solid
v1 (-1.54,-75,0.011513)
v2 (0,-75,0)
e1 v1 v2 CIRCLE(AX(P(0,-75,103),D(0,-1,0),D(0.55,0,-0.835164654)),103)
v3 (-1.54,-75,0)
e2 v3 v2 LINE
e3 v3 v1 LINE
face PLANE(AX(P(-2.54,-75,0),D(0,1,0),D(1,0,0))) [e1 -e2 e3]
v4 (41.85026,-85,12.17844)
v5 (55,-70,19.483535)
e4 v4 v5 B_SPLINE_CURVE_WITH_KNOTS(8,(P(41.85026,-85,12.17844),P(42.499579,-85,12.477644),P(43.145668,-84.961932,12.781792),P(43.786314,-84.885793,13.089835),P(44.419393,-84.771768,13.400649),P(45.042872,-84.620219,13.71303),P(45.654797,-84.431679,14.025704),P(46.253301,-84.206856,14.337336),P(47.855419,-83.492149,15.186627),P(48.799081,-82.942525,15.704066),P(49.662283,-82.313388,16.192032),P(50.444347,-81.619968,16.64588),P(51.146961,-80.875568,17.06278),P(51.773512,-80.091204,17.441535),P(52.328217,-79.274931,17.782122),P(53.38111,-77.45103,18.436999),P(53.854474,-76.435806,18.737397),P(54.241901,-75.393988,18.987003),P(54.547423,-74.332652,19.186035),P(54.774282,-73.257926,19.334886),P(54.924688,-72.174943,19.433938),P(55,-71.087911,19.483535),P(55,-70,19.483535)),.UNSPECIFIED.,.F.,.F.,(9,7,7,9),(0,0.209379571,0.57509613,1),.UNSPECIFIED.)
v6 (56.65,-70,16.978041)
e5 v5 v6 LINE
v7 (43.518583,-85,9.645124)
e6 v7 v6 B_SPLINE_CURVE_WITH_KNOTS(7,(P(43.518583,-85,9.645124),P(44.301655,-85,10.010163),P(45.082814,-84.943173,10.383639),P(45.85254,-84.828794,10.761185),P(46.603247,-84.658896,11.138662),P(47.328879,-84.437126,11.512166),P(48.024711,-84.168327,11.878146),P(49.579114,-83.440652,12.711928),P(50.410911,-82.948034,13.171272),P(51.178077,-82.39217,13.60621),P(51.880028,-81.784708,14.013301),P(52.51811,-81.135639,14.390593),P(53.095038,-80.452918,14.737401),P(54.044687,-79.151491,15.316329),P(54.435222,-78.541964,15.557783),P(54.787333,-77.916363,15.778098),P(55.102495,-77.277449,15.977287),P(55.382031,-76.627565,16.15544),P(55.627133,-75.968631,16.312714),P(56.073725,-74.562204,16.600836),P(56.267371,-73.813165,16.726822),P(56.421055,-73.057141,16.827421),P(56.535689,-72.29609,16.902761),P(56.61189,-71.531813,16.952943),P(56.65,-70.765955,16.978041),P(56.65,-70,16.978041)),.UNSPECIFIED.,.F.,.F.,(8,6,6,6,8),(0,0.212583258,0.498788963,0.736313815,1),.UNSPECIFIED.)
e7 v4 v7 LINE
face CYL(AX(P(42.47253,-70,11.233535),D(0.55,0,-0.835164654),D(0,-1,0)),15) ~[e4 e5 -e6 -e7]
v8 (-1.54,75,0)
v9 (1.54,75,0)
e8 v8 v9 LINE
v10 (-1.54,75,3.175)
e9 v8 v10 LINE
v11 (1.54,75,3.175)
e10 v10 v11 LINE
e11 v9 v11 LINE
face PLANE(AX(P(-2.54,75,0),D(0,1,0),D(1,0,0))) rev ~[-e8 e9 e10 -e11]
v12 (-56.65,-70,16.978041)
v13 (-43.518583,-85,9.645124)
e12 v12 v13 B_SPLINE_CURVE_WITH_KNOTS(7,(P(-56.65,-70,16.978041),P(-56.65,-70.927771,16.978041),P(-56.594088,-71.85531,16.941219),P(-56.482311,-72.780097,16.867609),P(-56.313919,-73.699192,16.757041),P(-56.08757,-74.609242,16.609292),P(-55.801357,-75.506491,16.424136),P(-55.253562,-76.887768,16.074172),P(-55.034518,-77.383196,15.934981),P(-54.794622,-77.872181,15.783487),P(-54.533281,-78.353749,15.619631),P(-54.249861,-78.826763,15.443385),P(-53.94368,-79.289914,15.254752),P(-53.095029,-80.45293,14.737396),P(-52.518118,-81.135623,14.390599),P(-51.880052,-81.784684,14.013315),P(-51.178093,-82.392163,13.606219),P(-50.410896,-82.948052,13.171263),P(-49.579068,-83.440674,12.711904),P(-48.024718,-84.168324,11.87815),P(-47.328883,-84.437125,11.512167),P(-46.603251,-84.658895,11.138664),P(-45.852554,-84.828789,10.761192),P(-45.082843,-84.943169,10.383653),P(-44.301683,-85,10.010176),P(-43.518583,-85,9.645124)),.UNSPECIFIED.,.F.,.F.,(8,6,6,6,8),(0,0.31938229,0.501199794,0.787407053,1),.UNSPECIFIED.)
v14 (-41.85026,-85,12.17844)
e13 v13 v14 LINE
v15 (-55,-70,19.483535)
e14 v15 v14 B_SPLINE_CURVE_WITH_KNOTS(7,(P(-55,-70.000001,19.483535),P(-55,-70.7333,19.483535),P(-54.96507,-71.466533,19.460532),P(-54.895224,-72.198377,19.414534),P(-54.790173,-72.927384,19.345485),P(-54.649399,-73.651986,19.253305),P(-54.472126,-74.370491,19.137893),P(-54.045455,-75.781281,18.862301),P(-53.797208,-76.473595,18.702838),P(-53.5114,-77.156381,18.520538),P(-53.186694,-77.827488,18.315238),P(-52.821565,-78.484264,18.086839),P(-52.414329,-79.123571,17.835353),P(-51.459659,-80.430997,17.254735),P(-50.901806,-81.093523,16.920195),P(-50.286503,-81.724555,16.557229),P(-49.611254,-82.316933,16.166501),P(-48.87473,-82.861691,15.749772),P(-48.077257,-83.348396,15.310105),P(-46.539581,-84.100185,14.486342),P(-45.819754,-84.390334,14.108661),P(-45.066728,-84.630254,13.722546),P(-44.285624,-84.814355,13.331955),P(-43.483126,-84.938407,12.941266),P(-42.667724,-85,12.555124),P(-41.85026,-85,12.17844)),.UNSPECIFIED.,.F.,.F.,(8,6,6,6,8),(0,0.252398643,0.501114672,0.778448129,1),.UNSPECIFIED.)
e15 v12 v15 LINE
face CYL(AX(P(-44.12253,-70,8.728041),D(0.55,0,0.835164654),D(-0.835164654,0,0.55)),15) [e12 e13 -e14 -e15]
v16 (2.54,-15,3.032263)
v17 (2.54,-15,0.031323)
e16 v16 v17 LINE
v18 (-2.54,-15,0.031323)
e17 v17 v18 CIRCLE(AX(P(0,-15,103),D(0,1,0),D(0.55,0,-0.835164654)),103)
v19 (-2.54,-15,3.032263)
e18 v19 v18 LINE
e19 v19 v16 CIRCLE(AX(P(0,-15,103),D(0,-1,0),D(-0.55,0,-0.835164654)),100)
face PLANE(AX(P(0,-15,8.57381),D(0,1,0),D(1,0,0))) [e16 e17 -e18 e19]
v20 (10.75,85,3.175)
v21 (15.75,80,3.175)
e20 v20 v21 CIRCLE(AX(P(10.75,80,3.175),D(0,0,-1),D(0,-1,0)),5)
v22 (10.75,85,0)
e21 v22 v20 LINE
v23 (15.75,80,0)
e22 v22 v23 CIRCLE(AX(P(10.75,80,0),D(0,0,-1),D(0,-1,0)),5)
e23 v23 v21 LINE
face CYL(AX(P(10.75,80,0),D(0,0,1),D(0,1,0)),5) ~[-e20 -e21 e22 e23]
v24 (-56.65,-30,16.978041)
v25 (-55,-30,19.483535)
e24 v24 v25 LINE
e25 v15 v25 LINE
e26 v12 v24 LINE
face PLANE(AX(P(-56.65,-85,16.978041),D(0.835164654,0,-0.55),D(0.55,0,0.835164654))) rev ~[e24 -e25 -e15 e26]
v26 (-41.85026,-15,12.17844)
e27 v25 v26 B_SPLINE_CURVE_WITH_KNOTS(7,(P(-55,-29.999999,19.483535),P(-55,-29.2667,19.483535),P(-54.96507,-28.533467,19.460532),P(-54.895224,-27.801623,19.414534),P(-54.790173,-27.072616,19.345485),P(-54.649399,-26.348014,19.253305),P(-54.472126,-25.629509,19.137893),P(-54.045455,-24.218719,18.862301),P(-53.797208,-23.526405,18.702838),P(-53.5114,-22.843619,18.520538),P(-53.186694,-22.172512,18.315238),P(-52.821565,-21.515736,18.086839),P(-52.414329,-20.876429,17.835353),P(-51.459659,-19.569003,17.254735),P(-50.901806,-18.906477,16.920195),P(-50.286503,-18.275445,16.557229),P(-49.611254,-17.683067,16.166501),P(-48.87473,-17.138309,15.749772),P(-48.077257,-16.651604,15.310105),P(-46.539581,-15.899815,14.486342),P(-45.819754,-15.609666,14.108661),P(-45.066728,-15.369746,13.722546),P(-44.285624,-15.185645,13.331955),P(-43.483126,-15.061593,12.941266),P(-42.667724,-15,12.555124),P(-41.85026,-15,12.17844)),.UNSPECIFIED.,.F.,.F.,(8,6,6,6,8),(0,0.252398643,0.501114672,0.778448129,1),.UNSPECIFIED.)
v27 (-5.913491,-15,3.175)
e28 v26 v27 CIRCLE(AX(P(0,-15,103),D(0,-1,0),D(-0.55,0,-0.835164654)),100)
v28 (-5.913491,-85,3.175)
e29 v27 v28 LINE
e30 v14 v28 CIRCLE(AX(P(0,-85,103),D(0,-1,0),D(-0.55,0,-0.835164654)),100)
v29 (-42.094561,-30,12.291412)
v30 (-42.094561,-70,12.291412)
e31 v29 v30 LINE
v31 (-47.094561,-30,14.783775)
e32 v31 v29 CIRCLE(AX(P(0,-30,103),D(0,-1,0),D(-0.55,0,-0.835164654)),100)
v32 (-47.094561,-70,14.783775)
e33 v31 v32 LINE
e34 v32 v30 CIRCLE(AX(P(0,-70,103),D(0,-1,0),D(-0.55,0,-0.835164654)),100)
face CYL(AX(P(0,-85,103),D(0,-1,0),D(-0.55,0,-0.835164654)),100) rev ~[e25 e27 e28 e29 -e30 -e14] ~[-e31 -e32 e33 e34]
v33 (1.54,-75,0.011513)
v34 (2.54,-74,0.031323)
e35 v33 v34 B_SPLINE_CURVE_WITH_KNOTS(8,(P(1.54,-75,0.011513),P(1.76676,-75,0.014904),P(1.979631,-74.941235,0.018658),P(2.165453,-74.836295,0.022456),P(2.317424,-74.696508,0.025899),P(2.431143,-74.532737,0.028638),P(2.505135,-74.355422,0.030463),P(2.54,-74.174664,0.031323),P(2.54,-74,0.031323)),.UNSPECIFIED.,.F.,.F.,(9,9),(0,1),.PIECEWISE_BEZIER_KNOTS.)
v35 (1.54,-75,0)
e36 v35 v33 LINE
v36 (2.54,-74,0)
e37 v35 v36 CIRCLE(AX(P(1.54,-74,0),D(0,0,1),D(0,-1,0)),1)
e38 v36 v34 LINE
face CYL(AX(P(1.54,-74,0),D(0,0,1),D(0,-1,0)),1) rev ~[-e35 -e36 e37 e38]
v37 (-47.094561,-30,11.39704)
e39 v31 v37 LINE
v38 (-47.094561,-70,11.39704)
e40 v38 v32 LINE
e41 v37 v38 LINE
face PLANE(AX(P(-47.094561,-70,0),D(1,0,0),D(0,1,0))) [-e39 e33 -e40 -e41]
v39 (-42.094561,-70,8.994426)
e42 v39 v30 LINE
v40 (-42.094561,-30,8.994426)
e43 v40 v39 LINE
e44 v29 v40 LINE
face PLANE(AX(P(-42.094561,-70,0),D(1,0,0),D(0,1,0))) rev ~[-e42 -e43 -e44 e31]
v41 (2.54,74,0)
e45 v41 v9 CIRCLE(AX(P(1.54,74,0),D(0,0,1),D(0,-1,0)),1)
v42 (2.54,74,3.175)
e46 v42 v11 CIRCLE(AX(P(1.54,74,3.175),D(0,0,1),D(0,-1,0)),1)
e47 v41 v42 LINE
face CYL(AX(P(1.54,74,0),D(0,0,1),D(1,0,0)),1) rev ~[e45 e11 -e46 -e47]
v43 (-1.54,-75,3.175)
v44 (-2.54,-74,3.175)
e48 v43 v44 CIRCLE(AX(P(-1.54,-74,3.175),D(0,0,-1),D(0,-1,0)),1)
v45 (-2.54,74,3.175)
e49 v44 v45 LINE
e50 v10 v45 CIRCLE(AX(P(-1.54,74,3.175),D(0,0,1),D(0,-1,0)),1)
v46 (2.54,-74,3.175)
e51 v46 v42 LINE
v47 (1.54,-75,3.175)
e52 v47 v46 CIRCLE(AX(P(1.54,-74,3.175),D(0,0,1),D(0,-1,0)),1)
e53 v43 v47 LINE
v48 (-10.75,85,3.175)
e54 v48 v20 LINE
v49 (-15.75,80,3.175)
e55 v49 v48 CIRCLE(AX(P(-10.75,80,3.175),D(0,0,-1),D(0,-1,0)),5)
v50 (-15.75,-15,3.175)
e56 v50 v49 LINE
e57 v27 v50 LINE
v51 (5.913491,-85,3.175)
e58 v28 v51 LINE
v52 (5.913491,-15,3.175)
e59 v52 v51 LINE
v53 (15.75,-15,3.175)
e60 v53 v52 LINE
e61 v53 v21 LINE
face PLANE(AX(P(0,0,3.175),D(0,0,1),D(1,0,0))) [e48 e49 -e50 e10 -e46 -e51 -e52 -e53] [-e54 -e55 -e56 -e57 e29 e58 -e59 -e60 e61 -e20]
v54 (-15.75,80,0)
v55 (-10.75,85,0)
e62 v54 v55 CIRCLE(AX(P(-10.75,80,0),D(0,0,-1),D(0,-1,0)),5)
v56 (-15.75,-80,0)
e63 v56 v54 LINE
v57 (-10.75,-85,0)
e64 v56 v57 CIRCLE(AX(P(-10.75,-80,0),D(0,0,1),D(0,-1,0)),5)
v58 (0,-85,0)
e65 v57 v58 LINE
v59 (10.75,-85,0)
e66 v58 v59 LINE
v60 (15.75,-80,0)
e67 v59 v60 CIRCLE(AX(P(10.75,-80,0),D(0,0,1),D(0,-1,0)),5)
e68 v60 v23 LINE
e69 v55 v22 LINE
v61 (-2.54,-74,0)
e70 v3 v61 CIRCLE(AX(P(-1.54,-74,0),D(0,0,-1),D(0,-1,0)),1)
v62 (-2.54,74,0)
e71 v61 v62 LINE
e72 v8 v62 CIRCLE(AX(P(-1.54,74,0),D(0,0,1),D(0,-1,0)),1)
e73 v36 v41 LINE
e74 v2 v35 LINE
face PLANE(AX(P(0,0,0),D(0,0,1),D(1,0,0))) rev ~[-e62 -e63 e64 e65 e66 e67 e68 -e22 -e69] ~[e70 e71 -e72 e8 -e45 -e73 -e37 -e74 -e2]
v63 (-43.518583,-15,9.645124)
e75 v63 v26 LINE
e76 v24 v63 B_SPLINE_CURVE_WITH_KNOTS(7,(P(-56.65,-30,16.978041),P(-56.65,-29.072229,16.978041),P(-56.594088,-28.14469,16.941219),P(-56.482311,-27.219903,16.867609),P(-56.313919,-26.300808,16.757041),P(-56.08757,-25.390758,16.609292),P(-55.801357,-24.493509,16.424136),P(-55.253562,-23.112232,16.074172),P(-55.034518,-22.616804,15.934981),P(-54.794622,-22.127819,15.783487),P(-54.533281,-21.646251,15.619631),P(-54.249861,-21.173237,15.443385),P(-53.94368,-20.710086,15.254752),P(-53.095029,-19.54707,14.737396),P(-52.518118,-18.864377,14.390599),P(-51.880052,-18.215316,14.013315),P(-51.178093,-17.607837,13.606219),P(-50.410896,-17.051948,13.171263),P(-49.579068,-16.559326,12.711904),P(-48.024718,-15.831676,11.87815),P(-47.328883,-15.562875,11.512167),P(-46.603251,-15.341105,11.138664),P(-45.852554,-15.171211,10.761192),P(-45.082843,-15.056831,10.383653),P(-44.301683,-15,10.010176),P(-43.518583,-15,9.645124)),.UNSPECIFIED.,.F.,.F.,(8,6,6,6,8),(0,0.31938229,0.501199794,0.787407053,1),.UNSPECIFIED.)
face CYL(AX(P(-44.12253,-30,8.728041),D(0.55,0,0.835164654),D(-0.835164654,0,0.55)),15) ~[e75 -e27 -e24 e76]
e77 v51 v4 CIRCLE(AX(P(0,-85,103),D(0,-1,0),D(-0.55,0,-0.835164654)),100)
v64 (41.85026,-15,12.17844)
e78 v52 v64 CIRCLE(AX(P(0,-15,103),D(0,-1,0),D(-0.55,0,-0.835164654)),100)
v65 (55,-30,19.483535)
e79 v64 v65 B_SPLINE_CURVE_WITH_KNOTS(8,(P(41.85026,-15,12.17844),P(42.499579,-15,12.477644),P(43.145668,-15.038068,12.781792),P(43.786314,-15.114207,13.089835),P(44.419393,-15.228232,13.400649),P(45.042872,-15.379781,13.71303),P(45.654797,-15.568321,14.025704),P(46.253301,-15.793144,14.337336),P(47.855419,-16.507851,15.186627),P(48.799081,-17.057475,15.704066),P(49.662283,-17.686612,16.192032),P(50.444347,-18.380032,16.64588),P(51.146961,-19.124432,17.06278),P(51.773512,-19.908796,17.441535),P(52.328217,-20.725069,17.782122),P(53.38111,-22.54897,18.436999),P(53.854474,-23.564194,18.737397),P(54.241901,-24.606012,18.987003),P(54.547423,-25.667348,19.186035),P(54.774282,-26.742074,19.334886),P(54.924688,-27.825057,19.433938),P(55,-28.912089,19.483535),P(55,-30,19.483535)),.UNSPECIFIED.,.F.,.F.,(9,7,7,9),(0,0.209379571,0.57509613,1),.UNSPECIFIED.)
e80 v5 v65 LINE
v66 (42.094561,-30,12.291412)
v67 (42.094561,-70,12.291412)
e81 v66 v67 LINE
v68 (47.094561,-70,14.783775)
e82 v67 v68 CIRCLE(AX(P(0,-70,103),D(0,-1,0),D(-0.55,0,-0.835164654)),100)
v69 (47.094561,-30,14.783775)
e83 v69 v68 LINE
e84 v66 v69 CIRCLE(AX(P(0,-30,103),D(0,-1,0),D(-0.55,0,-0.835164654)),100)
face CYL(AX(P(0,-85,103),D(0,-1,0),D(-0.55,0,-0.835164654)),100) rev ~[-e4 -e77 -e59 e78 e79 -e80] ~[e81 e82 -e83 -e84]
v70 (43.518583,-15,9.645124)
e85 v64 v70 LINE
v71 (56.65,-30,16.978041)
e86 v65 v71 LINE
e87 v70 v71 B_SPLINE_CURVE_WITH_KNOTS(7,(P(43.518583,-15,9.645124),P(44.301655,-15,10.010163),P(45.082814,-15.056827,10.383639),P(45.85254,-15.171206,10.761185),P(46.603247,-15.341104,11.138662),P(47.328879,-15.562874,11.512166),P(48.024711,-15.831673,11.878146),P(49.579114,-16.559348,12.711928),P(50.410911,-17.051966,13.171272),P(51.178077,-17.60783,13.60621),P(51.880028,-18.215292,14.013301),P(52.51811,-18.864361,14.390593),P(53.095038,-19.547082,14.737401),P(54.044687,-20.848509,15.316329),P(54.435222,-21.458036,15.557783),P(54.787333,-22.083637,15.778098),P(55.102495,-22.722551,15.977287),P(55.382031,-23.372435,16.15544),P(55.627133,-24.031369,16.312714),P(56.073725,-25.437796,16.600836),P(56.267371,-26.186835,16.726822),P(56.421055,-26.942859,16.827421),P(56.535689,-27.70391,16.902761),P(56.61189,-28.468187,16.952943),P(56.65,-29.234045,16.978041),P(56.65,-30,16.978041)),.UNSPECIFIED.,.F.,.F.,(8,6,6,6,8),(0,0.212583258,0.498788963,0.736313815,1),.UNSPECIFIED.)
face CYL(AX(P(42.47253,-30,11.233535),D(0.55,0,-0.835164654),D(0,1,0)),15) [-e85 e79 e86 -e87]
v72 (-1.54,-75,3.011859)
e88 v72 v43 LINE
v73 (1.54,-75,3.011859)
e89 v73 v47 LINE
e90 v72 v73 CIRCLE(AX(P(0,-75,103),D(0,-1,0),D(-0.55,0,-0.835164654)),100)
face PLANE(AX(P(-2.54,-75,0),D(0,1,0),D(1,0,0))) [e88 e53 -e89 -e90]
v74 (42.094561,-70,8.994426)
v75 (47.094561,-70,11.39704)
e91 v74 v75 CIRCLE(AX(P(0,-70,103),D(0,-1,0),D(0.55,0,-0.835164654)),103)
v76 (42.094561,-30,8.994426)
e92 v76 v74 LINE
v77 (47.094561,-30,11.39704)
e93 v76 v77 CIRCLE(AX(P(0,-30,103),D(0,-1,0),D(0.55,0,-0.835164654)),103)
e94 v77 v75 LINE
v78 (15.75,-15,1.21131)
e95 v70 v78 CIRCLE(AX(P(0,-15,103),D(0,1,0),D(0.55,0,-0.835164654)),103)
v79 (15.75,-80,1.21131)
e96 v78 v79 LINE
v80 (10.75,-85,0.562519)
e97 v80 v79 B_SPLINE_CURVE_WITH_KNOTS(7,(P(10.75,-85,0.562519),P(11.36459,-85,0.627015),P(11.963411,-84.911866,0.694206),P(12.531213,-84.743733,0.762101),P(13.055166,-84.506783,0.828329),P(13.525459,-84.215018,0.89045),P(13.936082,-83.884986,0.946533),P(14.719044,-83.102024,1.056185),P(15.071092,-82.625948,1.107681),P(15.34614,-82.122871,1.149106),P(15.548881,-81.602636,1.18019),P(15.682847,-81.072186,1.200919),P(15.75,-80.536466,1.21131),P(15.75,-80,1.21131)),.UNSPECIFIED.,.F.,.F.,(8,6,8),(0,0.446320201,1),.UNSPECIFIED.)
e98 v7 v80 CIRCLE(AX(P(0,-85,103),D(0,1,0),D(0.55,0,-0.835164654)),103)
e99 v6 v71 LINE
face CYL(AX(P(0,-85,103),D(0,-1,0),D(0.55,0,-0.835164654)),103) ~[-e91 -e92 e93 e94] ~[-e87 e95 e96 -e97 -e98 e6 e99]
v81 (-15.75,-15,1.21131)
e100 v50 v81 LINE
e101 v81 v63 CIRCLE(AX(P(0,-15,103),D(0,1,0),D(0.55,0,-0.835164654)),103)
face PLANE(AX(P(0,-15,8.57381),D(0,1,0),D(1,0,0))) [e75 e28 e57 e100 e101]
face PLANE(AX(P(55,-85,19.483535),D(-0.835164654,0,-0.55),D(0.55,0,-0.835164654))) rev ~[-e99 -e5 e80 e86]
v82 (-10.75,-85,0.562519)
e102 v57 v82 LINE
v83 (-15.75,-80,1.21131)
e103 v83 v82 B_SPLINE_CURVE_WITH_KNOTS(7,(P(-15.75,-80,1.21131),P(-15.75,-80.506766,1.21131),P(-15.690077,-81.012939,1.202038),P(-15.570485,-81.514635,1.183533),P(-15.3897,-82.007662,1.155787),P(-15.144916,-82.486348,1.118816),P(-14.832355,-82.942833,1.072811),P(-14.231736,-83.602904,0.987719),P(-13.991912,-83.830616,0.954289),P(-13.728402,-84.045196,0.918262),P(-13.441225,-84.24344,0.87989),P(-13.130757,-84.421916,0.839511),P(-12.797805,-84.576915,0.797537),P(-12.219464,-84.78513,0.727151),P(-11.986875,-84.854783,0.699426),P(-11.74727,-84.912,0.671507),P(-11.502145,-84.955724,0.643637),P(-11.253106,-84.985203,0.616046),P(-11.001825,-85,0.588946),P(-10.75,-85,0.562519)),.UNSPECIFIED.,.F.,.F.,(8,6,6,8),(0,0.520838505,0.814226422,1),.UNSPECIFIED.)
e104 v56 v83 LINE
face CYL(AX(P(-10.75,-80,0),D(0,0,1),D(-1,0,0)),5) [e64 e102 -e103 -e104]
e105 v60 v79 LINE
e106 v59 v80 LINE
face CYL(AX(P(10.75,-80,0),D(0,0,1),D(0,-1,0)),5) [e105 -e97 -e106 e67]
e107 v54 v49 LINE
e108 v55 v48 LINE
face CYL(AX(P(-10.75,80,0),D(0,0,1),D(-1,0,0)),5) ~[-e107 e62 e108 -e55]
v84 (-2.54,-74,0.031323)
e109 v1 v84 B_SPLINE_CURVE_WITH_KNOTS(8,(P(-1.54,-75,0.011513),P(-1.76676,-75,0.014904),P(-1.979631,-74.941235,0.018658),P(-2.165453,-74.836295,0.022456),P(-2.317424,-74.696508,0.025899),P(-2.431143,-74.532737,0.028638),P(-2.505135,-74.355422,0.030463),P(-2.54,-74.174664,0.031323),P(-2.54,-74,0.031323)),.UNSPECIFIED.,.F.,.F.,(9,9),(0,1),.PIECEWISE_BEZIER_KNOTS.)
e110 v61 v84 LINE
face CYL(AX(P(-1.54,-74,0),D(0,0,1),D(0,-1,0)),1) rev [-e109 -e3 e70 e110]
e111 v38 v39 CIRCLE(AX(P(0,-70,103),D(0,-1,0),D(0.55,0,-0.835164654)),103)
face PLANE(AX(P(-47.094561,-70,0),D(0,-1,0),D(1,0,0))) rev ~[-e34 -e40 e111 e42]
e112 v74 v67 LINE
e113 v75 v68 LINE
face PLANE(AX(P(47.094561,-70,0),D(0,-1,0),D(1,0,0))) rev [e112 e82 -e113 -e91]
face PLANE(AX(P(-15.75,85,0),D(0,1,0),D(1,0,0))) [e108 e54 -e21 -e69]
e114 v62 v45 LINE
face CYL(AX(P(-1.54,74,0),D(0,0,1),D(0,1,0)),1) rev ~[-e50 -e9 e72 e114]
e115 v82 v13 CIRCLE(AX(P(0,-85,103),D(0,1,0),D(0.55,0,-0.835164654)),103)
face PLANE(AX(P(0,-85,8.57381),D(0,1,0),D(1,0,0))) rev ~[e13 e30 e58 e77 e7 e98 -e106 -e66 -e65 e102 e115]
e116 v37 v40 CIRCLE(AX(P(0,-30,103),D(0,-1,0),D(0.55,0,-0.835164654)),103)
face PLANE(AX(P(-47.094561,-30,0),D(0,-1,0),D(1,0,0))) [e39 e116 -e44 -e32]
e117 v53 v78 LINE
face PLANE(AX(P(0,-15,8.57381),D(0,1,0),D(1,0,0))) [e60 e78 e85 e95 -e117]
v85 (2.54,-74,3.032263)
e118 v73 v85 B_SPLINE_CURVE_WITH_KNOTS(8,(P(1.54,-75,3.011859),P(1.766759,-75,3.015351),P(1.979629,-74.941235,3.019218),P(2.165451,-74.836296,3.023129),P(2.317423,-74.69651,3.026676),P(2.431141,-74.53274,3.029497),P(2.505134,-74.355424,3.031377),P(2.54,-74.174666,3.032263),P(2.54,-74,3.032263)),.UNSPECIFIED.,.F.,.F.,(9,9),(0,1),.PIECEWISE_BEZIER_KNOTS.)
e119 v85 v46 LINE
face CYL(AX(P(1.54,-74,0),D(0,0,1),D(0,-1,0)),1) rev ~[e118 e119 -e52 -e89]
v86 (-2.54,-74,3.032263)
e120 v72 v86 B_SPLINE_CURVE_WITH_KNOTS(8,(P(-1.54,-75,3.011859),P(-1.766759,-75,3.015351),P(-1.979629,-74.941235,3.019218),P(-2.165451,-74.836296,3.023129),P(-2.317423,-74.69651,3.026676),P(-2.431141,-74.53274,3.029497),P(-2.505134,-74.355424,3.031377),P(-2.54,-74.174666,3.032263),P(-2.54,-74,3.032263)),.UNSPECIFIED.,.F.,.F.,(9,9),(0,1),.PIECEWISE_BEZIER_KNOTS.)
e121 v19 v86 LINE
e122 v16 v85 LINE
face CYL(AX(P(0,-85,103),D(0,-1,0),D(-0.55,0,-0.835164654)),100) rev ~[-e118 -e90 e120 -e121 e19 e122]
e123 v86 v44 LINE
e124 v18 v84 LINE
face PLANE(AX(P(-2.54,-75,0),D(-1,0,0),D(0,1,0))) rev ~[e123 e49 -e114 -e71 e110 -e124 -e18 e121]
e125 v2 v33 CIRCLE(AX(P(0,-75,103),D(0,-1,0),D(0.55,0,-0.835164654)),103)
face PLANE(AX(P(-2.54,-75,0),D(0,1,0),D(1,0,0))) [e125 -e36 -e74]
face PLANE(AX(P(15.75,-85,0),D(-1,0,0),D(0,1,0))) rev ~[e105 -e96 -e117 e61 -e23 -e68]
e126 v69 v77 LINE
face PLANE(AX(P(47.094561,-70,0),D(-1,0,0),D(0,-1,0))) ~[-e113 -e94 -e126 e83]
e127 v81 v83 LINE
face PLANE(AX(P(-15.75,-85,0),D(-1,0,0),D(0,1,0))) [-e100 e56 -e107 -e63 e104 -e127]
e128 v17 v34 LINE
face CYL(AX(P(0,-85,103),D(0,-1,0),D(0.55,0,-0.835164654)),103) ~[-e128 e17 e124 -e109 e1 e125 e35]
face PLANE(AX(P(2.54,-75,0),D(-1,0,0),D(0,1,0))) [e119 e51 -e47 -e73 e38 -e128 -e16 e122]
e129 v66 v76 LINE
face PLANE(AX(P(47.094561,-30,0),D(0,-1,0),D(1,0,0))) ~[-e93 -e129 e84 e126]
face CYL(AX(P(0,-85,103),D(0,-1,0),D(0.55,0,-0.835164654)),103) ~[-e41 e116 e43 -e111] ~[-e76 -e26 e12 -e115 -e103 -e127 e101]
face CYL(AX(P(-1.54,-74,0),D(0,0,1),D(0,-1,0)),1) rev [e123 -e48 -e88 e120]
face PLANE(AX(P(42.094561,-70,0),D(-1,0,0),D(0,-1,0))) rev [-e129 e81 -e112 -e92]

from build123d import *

# Parameters (mm, degrees)
SKETCH1_W           = 31.5
SKETCH1_H           = 170
SKETCH1_W_2         = 5.08
SKETCH1_H_2         = 150
BOSS_EXTRUDE1_DEPTH = 3.175
FILLET1_R           = 1
FILLET2_R           = 5
BOSS_EXTRUDE2_DEPTH = 70
FILLET3_R           = 15
SKETCH4_W           = 5
SKETCH4_H           = 40
CUT_EXTRUDE5_DEPTH  = 104.989569915


with BuildPart() as part:
    # Sketch1 → Boss-Extrude1 (new body)
    with BuildSketch(Plane.XY):
        Rectangle(SKETCH1_W, SKETCH1_H)
        Rectangle(SKETCH1_W_2, SKETCH1_H_2, mode=Mode.SUBTRACT)
    extrude(amount=BOSS_EXTRUDE1_DEPTH)

    # Fillet1
    fillet1_edges = [part.edges().sort_by_distance(p)[0] for p in [
        (2.54, 75, 1.5875),
        (-2.54, 75, 1.5875),
        (-2.54, -75, 1.5875),
        (2.54, -75, 1.5875),
    ]]
    fillet(fillet1_edges, radius=FILLET1_R)

    # Fillet2
    fillet2_edges = [part.edges().sort_by_distance(p)[0] for p in [
        (15.75, 85, 1.5875),
        (15.75, -85, 1.5875),
        (-15.75, -85, 1.5875),
        (-15.75, 85, 1.5875),
    ]]
    fillet(fillet2_edges, radius=FILLET2_R)

    # Sketch3 → Boss-Extrude2 (add)
    with BuildSketch(Plane(origin=(0, -85, 0), x_dir=(1, 0, 0), z_dir=(0, 1, 0))):
        with BuildLine():
            Line((-56.65, -16.978040594), (-55, -19.483534558))
            ThreePointArc((-55, -19.483534558), (0, -3), (55, -19.483534558))
            Line((55, -19.483534558), (56.65, -16.978040594))
            ThreePointArc((56.65, -16.978040594), (0, 0), (-56.65, -16.978040594))
        make_face()
    extrude(amount=BOSS_EXTRUDE2_DEPTH)

    # Fillet3
    fillet3_edges = [part.edges().sort_by_distance(p)[0] for p in [
        (55.825, -85, 18.230787576),
        (-55.825, -85, 18.230787576),
        (-55.825, -15, 18.230787576),
        (55.825, -15, 18.230787576),
    ]]
    fillet(fillet3_edges, radius=FILLET3_R)

    # Sketch4 → Cut-Extrude5 (cut, symmetric)
    with BuildSketch(Plane.XY):
        with Locations((-44.5945609, -50)):
            Rectangle(SKETCH4_W, SKETCH4_H)
    cut_extrude5 = extrude(amount=CUT_EXTRUDE5_DEPTH, both=True, mode=Mode.SUBTRACT)

    # Mirror1: Cut-Extrude5 across plane
    add(cut_extrude5.mirror(Plane(origin=(0, 0, 0), x_dir=(0, 0, 1), z_dir=(1, 0, 0))), mode=Mode.SUBTRACT)


solid = part.part
